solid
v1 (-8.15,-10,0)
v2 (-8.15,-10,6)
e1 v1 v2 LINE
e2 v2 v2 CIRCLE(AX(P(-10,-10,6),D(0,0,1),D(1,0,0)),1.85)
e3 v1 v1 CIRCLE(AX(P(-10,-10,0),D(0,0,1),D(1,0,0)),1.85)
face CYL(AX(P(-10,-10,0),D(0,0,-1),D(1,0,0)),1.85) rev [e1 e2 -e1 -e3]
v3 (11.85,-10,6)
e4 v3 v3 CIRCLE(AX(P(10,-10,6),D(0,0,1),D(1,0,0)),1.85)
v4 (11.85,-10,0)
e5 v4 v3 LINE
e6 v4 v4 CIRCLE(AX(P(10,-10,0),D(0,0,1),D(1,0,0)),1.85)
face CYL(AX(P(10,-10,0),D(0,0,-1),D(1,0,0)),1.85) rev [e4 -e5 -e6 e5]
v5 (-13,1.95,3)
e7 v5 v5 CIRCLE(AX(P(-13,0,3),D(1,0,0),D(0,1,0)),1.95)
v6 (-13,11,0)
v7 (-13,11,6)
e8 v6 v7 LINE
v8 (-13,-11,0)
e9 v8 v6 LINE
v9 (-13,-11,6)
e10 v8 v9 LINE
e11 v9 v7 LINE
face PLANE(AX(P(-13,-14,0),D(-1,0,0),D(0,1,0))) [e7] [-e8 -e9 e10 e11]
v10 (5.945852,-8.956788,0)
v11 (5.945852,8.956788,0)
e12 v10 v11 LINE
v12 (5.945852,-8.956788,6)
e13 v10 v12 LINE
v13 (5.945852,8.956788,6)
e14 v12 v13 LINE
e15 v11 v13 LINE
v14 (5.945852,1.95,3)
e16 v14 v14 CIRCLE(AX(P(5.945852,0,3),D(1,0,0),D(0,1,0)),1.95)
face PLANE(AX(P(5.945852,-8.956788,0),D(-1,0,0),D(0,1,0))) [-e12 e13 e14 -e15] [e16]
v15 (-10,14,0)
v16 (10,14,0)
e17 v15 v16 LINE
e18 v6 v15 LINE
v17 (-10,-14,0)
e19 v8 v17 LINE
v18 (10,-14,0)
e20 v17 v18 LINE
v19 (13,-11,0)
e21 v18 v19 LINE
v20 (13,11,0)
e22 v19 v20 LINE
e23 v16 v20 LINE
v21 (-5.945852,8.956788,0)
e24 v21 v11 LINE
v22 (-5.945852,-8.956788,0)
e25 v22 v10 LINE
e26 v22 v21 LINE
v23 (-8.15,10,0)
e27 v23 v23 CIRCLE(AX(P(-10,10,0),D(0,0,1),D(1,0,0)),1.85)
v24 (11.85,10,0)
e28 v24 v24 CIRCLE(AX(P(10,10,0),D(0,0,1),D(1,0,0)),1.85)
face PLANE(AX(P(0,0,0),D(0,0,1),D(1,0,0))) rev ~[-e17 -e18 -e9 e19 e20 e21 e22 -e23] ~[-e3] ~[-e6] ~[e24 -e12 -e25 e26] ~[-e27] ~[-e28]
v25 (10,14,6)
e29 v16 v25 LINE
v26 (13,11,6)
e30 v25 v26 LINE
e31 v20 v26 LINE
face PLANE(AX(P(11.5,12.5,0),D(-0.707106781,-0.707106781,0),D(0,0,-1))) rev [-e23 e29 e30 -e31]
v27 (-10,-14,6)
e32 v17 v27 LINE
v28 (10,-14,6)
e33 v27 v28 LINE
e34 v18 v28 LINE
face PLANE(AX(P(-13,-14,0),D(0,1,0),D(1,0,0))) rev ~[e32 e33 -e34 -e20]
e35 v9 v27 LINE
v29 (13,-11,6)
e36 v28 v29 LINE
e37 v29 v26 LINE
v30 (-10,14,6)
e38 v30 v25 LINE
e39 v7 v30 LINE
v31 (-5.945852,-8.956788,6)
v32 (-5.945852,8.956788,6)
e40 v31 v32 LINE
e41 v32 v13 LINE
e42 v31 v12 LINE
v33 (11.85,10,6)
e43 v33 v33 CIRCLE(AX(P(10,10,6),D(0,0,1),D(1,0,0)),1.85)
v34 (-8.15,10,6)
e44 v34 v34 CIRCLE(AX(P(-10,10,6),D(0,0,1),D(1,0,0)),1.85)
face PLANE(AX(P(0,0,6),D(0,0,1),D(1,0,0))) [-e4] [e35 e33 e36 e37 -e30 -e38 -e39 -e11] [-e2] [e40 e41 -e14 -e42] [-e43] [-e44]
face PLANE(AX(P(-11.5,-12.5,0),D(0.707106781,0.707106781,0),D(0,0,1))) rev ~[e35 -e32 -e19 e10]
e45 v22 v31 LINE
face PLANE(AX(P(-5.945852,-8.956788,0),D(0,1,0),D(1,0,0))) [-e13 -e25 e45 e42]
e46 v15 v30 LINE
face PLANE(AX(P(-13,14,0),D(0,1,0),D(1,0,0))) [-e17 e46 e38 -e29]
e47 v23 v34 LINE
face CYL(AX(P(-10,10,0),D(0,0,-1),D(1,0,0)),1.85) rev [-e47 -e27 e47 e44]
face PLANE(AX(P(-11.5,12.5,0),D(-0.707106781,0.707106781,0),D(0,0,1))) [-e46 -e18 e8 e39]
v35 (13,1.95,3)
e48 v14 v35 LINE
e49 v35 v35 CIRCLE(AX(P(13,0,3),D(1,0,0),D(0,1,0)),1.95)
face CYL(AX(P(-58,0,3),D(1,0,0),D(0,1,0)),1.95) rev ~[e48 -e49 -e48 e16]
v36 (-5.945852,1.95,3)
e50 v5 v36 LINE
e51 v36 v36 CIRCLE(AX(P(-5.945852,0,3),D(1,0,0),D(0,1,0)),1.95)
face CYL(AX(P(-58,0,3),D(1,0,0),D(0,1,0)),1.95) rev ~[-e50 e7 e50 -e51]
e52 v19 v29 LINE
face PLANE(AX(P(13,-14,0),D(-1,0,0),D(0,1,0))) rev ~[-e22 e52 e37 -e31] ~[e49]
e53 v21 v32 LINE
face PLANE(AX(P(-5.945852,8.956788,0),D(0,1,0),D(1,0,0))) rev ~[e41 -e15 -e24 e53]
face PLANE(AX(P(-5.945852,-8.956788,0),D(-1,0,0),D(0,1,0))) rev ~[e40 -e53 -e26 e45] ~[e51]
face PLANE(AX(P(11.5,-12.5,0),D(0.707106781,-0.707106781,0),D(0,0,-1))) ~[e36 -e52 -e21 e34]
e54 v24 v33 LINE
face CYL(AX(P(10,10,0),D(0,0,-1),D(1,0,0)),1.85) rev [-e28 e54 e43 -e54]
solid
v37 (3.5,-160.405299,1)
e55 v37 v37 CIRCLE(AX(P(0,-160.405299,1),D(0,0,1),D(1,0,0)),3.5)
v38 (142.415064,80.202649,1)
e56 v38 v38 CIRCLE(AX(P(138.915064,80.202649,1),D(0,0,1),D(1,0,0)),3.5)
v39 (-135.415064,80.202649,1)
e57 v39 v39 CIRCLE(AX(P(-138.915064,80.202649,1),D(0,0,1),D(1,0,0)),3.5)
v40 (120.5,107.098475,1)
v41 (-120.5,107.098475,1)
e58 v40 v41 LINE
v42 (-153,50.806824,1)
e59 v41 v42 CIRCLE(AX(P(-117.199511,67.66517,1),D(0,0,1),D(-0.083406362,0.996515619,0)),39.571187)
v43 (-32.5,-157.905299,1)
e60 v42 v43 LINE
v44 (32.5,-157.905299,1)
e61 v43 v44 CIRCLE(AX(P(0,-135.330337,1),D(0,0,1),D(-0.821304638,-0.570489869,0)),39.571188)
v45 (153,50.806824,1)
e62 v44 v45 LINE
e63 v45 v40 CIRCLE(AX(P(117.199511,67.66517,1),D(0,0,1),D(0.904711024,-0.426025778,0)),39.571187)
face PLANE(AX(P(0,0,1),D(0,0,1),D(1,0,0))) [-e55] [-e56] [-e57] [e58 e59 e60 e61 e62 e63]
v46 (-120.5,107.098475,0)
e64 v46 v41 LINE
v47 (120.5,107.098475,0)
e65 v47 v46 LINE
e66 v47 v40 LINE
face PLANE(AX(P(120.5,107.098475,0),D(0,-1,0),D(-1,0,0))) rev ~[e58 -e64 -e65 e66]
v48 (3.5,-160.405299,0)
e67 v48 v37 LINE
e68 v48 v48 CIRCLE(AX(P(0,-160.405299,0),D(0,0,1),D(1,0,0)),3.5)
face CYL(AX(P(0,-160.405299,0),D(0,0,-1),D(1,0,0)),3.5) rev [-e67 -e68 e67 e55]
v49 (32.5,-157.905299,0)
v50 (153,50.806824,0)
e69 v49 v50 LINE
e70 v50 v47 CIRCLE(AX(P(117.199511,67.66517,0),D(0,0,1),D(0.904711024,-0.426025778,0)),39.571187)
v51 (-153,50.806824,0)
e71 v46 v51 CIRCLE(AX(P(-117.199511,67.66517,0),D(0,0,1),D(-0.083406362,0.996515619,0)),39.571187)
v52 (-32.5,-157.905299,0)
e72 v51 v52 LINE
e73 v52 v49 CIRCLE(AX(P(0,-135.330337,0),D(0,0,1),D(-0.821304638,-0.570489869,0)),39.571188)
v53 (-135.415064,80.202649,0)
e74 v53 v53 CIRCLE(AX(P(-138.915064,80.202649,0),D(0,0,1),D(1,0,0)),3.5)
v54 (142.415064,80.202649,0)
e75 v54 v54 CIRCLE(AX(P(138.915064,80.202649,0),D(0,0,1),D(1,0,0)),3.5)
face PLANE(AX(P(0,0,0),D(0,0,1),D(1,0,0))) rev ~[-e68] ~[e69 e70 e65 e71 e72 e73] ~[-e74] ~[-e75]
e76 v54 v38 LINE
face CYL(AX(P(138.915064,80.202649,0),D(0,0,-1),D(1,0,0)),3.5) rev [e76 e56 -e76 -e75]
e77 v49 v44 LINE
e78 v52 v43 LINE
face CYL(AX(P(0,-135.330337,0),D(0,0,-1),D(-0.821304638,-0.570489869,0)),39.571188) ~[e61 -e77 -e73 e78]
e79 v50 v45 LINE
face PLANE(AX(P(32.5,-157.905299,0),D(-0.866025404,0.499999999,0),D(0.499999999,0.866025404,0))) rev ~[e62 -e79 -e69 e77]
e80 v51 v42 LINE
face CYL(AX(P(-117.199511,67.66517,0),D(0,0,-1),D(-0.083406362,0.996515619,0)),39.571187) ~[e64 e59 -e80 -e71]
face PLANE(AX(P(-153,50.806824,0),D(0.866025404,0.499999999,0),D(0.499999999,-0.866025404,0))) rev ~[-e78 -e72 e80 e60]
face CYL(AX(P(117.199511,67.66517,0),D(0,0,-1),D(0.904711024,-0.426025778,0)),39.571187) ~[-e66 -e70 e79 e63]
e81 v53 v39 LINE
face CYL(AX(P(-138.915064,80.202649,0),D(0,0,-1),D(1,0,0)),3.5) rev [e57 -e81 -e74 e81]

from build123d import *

# Parameters (mm, degrees)
F0_R     = 3.5
F1_DEPTH = 1
F2_W     = 26
F2_H     = 28
F2_R     = 1.85
F2_W_2   = 11.891704
F2_H_2   = 17.913576
F3_DEPTH = 6
F5_D     = 3.9
F5_DEPTH = 45
F6_SIZE  = 3


with BuildPart() as f1:
    # F0 (on Top) → F1 (new body)
    with BuildSketch(Plane.XY):
        with BuildLine():
            Line((120.5, 107.098475), (-120.5, 107.098475))
            ThreePointArc((-120.5, 107.098475), (-151.469164, 87.450763), (-153, 50.806824))
            Line((-153, 50.806824), (-32.5, -157.905299))
            ThreePointArc((-32.5, -157.905299), (0, -174.901525), (32.5, -157.905299))
            Line((32.5, -157.905299), (153, 50.806824))
            ThreePointArc((153, 50.806824), (151.469164, 87.450763), (120.5, 107.098475))
        make_face()
        with Locations((0, -160.405299)):
            Circle(F0_R, mode=Mode.SUBTRACT)
        with Locations((-138.915064, 80.202649)):
            Circle(F0_R, mode=Mode.SUBTRACT)
        with Locations((138.915064, 80.202649)):
            Circle(F0_R, mode=Mode.SUBTRACT)
    extrude(amount=F1_DEPTH)


with BuildPart() as f3:
    # F2 (on Top) → F3 (new body)
    with BuildSketch(Plane.XY):
        Rectangle(F2_W, F2_H)
        with Locations((-10, -10)):
            Circle(F2_R, mode=Mode.SUBTRACT)
        with Locations((10, -10)):
            Circle(F2_R, mode=Mode.SUBTRACT)
        with Locations((-10, 10)):
            Circle(F2_R, mode=Mode.SUBTRACT)
        Rectangle(F2_W_2, F2_H_2, mode=Mode.SUBTRACT)
        with Locations((10, 10)):
            Circle(F2_R, mode=Mode.SUBTRACT)
    extrude(amount=F3_DEPTH)

    # F5
    with Locations(Plane(origin=(-13, 0, 0), x_dir=(0, -1, 0), z_dir=(-1, 0, 0))):
        with Locations((0, 3)):
            Hole(F5_D / 2, depth=F5_DEPTH)

    # F6
    f6_edges = [f3.edges().sort_by_distance(p)[0] for p in [
        (-13, 14, 3),
        (13, 14, 3),
        (-13, -14, 3),
        (13, -14, 3),
    ]]
    chamfer(f6_edges, length=F6_SIZE)


solid = Compound([f1.part, f3.part])
